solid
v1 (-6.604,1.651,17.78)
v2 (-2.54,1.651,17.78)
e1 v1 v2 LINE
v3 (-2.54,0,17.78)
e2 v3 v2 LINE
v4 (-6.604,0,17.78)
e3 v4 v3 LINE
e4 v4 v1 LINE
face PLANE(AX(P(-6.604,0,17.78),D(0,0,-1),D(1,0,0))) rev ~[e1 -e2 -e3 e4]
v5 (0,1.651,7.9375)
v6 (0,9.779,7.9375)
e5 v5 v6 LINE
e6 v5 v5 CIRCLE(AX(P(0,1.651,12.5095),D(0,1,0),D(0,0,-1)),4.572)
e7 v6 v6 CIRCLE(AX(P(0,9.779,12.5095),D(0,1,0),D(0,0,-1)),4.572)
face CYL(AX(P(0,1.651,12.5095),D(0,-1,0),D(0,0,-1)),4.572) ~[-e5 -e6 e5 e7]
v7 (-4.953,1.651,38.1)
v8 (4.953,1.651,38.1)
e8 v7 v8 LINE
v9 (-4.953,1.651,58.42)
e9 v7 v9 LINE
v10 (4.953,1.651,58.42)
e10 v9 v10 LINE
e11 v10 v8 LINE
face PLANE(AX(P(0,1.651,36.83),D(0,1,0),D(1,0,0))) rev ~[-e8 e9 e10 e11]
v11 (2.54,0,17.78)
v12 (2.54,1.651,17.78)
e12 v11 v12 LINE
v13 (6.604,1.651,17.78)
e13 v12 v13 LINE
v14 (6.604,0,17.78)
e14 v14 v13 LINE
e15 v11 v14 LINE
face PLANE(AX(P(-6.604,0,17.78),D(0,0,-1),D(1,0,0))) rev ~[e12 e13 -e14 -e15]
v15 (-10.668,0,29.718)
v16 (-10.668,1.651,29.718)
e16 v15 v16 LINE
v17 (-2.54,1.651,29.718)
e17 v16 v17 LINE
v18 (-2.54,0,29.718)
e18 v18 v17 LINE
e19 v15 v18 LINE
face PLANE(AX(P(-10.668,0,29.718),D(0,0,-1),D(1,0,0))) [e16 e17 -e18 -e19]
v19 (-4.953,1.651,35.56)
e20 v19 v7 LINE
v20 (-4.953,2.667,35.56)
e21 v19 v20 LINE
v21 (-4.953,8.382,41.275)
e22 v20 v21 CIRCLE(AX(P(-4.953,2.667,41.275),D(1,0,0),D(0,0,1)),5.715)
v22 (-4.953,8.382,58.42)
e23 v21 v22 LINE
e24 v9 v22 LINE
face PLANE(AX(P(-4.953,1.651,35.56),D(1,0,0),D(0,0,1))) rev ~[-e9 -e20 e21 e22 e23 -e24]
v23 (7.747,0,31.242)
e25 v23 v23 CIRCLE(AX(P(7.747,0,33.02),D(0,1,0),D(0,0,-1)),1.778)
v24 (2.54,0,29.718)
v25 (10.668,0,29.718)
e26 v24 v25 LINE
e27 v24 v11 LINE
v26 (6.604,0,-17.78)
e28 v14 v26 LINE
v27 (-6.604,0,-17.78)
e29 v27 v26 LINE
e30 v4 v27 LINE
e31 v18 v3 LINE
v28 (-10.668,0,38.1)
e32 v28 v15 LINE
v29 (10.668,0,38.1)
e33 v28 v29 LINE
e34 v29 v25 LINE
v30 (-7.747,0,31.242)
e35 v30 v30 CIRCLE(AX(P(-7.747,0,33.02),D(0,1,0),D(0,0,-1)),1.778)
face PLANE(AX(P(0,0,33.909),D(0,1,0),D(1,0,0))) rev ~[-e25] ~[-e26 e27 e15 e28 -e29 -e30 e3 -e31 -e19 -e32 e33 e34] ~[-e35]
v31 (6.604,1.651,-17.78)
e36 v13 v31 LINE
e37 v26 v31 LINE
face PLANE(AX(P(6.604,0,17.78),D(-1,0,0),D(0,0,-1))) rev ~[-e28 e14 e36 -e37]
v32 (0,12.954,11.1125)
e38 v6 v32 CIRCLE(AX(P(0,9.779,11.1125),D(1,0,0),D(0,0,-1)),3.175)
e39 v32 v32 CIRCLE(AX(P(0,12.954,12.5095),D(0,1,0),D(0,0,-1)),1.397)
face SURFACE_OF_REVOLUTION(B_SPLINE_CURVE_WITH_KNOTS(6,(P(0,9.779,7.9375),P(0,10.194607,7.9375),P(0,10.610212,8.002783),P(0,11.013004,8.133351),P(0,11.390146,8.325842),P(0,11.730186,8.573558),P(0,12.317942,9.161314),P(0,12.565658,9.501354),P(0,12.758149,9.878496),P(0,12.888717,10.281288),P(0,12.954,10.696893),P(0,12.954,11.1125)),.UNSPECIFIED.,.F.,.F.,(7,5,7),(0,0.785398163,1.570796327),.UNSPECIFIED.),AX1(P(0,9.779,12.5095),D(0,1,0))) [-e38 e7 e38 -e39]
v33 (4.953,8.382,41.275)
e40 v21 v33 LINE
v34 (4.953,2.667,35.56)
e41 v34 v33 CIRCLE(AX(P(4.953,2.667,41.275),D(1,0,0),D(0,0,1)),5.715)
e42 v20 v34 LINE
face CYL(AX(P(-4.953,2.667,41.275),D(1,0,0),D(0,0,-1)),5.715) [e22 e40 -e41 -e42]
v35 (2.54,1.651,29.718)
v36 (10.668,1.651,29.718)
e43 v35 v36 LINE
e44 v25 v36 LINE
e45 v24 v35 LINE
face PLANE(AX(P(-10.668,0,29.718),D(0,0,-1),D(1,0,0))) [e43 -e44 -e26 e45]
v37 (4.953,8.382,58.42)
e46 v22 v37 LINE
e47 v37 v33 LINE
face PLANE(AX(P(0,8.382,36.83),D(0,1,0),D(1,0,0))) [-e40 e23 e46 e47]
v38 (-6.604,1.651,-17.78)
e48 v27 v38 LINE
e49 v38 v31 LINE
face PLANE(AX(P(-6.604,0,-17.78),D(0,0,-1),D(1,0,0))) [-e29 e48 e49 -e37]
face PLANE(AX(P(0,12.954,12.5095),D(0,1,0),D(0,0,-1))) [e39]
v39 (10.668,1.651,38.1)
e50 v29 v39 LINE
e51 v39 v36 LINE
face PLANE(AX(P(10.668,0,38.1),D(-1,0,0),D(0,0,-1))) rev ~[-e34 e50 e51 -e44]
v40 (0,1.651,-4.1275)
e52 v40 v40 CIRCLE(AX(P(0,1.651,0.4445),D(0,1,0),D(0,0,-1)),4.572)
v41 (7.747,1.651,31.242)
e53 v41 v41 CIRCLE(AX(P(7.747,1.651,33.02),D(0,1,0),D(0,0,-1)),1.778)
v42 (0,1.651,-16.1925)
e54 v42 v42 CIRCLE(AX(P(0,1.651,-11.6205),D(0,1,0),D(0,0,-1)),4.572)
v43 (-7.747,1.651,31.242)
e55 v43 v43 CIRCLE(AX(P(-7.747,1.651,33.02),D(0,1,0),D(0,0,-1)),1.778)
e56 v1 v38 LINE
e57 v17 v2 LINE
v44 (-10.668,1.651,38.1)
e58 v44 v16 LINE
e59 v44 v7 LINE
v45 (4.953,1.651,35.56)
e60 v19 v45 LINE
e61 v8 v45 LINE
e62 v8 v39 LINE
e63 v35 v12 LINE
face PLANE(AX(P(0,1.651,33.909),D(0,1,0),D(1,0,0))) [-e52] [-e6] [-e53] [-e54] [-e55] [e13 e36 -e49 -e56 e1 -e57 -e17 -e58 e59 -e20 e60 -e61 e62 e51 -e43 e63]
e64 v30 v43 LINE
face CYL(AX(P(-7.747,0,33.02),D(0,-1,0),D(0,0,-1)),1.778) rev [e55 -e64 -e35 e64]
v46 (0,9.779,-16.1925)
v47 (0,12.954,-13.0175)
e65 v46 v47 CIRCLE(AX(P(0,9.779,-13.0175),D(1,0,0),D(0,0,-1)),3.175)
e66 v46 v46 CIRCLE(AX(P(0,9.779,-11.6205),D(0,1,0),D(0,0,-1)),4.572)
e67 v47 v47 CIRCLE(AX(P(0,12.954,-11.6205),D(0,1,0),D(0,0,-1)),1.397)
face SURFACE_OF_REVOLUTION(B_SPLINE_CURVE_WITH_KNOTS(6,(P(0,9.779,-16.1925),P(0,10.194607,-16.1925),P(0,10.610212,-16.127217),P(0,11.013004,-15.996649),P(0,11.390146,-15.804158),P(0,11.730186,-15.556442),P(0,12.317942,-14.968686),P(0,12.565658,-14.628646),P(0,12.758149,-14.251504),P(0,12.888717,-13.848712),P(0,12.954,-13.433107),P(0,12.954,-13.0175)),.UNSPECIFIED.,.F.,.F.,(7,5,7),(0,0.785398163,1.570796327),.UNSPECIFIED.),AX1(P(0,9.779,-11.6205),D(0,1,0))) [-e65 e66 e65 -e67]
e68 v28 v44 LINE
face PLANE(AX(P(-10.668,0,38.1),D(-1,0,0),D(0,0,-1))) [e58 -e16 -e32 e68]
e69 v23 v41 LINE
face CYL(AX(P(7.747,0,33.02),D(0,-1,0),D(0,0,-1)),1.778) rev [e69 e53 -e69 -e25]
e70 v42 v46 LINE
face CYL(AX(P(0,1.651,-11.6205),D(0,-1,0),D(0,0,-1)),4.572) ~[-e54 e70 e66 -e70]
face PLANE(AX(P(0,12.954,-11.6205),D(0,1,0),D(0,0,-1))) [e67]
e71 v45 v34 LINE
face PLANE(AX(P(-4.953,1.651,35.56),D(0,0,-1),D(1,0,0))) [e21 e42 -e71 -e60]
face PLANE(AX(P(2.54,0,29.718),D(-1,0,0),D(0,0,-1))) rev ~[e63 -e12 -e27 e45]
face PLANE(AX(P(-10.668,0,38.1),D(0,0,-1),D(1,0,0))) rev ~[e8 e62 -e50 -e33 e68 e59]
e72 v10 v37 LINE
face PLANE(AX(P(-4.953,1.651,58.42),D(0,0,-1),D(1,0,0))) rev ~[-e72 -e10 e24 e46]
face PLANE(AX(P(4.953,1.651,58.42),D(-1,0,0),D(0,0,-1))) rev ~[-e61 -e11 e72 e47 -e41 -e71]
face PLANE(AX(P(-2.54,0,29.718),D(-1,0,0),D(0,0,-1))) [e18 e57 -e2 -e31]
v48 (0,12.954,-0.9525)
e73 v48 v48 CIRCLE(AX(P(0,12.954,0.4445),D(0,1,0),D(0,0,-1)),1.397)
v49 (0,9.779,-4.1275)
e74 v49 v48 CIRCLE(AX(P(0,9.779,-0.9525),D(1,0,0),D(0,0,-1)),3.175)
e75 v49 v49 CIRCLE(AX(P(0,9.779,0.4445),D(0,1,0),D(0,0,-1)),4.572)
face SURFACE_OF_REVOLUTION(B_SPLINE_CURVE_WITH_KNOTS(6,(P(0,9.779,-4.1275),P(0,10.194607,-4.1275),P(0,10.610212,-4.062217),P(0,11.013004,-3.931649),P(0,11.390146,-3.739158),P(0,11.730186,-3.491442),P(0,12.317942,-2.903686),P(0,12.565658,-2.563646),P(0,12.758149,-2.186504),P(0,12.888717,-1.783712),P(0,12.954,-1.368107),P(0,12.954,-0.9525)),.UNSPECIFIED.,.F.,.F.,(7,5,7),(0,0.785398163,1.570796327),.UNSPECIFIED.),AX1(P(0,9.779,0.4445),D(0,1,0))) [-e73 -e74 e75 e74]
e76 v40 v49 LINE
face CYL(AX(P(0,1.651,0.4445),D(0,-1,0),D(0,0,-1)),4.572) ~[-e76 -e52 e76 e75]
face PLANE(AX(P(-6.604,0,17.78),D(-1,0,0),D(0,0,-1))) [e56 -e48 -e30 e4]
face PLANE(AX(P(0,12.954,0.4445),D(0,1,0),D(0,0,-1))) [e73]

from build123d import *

# Parameters (mm, degrees)
SKETCH1_W           = 13.208
SKETCH1_H           = 35.56
SKETCH1_W_2         = 5.08
SKETCH1_H_2         = 11.938
SKETCH1_W_3         = 21.336
SKETCH1_H_3         = 8.382
SKETCH1_R           = 1.778
BOSS_EXTRUDE1_DEPTH = 1.651
SKETCH2_R           = 4.572
BOSS_EXTRUDE2_DEPTH = 11.303
FILLET1_R           = 3.175
SKETCH3_W           = 9.906
SKETCH3_H           = 2.54
SKETCH3_H_2         = 20.32
BOSS_EXTRUDE3_DEPTH = 6.731
FILLET2_R           = 5.715


with BuildPart() as part:
    # Sketch1 → Boss-Extrude1 (new body)
    # profile 1 of 3: a face of its own
    with BuildSketch(Plane(origin=(0, 0, 0), x_dir=(1, 0, 0), z_dir=(0, 1, 0))):
        Rectangle(SKETCH1_W, SKETCH1_H)
    # profile 2 of 3: a face of its own
    with BuildSketch(Plane(origin=(0, 0, 0), x_dir=(1, 0, 0), z_dir=(0, 1, 0))):
        with Locations((0, -23.749)):
            Rectangle(SKETCH1_W_2, SKETCH1_H_2)
    # profile 3 of 3: a face of its own
    with BuildSketch(Plane(origin=(0, 0, 0), x_dir=(1, 0, 0), z_dir=(0, 1, 0))):
        with Locations((0, -33.909)):
            Rectangle(SKETCH1_W_3, SKETCH1_H_3)
        with Locations(Location((-7.747, -33.02, 0), (0, 0, 90))):
            Circle(SKETCH1_R, mode=Mode.SUBTRACT)
        with Locations(Location((7.747, -33.02, 0), (0, 0, 90))):
            Circle(SKETCH1_R, mode=Mode.SUBTRACT)
    extrude(amount=BOSS_EXTRUDE1_DEPTH)

    # Sketch2 → Boss-Extrude2 (add)
    with BuildSketch(Plane(origin=(0, 1.651, 0), x_dir=(1, 0, 0), z_dir=(0, 1, 0))):
        with Locations(Location((0, 11.6205, 0), (0, 0, 90))):
            Circle(SKETCH2_R)
        with Locations(Location((0, -0.4445, 0), (0, 0, 90))):
            Circle(SKETCH2_R)
        with Locations(Location((0, -12.5095, 0), (0, 0, 90))):
            Circle(SKETCH2_R)
    extrude(amount=BOSS_EXTRUDE2_DEPTH)

    # Fillet1
    fillet1_edges = [part.edges().sort_by_distance(p)[0] for p in [
        (0, 12.954, -7.0485),
        (0, 12.954, 5.0165),
        (0, 12.954, 17.0815),
    ]]
    fillet(fillet1_edges, radius=FILLET1_R)

    # Sketch3 → Boss-Extrude3 (add)
    with BuildSketch(Plane(origin=(0, 1.651, 0), x_dir=(1, 0, 0), z_dir=(0, 1, 0))):
        with Locations((0, -36.83)):
            Rectangle(SKETCH3_W, SKETCH3_H)
        with Locations((0, -48.26)):
            Rectangle(SKETCH3_W, SKETCH3_H_2)
    extrude(amount=BOSS_EXTRUDE3_DEPTH)

    # Fillet2
    fillet2_edges = [part.edges().sort_by_distance(p)[0] for p in [
        (0, 8.382, 35.56),
    ]]
    fillet(fillet2_edges, radius=FILLET2_R)


solid = part.part
